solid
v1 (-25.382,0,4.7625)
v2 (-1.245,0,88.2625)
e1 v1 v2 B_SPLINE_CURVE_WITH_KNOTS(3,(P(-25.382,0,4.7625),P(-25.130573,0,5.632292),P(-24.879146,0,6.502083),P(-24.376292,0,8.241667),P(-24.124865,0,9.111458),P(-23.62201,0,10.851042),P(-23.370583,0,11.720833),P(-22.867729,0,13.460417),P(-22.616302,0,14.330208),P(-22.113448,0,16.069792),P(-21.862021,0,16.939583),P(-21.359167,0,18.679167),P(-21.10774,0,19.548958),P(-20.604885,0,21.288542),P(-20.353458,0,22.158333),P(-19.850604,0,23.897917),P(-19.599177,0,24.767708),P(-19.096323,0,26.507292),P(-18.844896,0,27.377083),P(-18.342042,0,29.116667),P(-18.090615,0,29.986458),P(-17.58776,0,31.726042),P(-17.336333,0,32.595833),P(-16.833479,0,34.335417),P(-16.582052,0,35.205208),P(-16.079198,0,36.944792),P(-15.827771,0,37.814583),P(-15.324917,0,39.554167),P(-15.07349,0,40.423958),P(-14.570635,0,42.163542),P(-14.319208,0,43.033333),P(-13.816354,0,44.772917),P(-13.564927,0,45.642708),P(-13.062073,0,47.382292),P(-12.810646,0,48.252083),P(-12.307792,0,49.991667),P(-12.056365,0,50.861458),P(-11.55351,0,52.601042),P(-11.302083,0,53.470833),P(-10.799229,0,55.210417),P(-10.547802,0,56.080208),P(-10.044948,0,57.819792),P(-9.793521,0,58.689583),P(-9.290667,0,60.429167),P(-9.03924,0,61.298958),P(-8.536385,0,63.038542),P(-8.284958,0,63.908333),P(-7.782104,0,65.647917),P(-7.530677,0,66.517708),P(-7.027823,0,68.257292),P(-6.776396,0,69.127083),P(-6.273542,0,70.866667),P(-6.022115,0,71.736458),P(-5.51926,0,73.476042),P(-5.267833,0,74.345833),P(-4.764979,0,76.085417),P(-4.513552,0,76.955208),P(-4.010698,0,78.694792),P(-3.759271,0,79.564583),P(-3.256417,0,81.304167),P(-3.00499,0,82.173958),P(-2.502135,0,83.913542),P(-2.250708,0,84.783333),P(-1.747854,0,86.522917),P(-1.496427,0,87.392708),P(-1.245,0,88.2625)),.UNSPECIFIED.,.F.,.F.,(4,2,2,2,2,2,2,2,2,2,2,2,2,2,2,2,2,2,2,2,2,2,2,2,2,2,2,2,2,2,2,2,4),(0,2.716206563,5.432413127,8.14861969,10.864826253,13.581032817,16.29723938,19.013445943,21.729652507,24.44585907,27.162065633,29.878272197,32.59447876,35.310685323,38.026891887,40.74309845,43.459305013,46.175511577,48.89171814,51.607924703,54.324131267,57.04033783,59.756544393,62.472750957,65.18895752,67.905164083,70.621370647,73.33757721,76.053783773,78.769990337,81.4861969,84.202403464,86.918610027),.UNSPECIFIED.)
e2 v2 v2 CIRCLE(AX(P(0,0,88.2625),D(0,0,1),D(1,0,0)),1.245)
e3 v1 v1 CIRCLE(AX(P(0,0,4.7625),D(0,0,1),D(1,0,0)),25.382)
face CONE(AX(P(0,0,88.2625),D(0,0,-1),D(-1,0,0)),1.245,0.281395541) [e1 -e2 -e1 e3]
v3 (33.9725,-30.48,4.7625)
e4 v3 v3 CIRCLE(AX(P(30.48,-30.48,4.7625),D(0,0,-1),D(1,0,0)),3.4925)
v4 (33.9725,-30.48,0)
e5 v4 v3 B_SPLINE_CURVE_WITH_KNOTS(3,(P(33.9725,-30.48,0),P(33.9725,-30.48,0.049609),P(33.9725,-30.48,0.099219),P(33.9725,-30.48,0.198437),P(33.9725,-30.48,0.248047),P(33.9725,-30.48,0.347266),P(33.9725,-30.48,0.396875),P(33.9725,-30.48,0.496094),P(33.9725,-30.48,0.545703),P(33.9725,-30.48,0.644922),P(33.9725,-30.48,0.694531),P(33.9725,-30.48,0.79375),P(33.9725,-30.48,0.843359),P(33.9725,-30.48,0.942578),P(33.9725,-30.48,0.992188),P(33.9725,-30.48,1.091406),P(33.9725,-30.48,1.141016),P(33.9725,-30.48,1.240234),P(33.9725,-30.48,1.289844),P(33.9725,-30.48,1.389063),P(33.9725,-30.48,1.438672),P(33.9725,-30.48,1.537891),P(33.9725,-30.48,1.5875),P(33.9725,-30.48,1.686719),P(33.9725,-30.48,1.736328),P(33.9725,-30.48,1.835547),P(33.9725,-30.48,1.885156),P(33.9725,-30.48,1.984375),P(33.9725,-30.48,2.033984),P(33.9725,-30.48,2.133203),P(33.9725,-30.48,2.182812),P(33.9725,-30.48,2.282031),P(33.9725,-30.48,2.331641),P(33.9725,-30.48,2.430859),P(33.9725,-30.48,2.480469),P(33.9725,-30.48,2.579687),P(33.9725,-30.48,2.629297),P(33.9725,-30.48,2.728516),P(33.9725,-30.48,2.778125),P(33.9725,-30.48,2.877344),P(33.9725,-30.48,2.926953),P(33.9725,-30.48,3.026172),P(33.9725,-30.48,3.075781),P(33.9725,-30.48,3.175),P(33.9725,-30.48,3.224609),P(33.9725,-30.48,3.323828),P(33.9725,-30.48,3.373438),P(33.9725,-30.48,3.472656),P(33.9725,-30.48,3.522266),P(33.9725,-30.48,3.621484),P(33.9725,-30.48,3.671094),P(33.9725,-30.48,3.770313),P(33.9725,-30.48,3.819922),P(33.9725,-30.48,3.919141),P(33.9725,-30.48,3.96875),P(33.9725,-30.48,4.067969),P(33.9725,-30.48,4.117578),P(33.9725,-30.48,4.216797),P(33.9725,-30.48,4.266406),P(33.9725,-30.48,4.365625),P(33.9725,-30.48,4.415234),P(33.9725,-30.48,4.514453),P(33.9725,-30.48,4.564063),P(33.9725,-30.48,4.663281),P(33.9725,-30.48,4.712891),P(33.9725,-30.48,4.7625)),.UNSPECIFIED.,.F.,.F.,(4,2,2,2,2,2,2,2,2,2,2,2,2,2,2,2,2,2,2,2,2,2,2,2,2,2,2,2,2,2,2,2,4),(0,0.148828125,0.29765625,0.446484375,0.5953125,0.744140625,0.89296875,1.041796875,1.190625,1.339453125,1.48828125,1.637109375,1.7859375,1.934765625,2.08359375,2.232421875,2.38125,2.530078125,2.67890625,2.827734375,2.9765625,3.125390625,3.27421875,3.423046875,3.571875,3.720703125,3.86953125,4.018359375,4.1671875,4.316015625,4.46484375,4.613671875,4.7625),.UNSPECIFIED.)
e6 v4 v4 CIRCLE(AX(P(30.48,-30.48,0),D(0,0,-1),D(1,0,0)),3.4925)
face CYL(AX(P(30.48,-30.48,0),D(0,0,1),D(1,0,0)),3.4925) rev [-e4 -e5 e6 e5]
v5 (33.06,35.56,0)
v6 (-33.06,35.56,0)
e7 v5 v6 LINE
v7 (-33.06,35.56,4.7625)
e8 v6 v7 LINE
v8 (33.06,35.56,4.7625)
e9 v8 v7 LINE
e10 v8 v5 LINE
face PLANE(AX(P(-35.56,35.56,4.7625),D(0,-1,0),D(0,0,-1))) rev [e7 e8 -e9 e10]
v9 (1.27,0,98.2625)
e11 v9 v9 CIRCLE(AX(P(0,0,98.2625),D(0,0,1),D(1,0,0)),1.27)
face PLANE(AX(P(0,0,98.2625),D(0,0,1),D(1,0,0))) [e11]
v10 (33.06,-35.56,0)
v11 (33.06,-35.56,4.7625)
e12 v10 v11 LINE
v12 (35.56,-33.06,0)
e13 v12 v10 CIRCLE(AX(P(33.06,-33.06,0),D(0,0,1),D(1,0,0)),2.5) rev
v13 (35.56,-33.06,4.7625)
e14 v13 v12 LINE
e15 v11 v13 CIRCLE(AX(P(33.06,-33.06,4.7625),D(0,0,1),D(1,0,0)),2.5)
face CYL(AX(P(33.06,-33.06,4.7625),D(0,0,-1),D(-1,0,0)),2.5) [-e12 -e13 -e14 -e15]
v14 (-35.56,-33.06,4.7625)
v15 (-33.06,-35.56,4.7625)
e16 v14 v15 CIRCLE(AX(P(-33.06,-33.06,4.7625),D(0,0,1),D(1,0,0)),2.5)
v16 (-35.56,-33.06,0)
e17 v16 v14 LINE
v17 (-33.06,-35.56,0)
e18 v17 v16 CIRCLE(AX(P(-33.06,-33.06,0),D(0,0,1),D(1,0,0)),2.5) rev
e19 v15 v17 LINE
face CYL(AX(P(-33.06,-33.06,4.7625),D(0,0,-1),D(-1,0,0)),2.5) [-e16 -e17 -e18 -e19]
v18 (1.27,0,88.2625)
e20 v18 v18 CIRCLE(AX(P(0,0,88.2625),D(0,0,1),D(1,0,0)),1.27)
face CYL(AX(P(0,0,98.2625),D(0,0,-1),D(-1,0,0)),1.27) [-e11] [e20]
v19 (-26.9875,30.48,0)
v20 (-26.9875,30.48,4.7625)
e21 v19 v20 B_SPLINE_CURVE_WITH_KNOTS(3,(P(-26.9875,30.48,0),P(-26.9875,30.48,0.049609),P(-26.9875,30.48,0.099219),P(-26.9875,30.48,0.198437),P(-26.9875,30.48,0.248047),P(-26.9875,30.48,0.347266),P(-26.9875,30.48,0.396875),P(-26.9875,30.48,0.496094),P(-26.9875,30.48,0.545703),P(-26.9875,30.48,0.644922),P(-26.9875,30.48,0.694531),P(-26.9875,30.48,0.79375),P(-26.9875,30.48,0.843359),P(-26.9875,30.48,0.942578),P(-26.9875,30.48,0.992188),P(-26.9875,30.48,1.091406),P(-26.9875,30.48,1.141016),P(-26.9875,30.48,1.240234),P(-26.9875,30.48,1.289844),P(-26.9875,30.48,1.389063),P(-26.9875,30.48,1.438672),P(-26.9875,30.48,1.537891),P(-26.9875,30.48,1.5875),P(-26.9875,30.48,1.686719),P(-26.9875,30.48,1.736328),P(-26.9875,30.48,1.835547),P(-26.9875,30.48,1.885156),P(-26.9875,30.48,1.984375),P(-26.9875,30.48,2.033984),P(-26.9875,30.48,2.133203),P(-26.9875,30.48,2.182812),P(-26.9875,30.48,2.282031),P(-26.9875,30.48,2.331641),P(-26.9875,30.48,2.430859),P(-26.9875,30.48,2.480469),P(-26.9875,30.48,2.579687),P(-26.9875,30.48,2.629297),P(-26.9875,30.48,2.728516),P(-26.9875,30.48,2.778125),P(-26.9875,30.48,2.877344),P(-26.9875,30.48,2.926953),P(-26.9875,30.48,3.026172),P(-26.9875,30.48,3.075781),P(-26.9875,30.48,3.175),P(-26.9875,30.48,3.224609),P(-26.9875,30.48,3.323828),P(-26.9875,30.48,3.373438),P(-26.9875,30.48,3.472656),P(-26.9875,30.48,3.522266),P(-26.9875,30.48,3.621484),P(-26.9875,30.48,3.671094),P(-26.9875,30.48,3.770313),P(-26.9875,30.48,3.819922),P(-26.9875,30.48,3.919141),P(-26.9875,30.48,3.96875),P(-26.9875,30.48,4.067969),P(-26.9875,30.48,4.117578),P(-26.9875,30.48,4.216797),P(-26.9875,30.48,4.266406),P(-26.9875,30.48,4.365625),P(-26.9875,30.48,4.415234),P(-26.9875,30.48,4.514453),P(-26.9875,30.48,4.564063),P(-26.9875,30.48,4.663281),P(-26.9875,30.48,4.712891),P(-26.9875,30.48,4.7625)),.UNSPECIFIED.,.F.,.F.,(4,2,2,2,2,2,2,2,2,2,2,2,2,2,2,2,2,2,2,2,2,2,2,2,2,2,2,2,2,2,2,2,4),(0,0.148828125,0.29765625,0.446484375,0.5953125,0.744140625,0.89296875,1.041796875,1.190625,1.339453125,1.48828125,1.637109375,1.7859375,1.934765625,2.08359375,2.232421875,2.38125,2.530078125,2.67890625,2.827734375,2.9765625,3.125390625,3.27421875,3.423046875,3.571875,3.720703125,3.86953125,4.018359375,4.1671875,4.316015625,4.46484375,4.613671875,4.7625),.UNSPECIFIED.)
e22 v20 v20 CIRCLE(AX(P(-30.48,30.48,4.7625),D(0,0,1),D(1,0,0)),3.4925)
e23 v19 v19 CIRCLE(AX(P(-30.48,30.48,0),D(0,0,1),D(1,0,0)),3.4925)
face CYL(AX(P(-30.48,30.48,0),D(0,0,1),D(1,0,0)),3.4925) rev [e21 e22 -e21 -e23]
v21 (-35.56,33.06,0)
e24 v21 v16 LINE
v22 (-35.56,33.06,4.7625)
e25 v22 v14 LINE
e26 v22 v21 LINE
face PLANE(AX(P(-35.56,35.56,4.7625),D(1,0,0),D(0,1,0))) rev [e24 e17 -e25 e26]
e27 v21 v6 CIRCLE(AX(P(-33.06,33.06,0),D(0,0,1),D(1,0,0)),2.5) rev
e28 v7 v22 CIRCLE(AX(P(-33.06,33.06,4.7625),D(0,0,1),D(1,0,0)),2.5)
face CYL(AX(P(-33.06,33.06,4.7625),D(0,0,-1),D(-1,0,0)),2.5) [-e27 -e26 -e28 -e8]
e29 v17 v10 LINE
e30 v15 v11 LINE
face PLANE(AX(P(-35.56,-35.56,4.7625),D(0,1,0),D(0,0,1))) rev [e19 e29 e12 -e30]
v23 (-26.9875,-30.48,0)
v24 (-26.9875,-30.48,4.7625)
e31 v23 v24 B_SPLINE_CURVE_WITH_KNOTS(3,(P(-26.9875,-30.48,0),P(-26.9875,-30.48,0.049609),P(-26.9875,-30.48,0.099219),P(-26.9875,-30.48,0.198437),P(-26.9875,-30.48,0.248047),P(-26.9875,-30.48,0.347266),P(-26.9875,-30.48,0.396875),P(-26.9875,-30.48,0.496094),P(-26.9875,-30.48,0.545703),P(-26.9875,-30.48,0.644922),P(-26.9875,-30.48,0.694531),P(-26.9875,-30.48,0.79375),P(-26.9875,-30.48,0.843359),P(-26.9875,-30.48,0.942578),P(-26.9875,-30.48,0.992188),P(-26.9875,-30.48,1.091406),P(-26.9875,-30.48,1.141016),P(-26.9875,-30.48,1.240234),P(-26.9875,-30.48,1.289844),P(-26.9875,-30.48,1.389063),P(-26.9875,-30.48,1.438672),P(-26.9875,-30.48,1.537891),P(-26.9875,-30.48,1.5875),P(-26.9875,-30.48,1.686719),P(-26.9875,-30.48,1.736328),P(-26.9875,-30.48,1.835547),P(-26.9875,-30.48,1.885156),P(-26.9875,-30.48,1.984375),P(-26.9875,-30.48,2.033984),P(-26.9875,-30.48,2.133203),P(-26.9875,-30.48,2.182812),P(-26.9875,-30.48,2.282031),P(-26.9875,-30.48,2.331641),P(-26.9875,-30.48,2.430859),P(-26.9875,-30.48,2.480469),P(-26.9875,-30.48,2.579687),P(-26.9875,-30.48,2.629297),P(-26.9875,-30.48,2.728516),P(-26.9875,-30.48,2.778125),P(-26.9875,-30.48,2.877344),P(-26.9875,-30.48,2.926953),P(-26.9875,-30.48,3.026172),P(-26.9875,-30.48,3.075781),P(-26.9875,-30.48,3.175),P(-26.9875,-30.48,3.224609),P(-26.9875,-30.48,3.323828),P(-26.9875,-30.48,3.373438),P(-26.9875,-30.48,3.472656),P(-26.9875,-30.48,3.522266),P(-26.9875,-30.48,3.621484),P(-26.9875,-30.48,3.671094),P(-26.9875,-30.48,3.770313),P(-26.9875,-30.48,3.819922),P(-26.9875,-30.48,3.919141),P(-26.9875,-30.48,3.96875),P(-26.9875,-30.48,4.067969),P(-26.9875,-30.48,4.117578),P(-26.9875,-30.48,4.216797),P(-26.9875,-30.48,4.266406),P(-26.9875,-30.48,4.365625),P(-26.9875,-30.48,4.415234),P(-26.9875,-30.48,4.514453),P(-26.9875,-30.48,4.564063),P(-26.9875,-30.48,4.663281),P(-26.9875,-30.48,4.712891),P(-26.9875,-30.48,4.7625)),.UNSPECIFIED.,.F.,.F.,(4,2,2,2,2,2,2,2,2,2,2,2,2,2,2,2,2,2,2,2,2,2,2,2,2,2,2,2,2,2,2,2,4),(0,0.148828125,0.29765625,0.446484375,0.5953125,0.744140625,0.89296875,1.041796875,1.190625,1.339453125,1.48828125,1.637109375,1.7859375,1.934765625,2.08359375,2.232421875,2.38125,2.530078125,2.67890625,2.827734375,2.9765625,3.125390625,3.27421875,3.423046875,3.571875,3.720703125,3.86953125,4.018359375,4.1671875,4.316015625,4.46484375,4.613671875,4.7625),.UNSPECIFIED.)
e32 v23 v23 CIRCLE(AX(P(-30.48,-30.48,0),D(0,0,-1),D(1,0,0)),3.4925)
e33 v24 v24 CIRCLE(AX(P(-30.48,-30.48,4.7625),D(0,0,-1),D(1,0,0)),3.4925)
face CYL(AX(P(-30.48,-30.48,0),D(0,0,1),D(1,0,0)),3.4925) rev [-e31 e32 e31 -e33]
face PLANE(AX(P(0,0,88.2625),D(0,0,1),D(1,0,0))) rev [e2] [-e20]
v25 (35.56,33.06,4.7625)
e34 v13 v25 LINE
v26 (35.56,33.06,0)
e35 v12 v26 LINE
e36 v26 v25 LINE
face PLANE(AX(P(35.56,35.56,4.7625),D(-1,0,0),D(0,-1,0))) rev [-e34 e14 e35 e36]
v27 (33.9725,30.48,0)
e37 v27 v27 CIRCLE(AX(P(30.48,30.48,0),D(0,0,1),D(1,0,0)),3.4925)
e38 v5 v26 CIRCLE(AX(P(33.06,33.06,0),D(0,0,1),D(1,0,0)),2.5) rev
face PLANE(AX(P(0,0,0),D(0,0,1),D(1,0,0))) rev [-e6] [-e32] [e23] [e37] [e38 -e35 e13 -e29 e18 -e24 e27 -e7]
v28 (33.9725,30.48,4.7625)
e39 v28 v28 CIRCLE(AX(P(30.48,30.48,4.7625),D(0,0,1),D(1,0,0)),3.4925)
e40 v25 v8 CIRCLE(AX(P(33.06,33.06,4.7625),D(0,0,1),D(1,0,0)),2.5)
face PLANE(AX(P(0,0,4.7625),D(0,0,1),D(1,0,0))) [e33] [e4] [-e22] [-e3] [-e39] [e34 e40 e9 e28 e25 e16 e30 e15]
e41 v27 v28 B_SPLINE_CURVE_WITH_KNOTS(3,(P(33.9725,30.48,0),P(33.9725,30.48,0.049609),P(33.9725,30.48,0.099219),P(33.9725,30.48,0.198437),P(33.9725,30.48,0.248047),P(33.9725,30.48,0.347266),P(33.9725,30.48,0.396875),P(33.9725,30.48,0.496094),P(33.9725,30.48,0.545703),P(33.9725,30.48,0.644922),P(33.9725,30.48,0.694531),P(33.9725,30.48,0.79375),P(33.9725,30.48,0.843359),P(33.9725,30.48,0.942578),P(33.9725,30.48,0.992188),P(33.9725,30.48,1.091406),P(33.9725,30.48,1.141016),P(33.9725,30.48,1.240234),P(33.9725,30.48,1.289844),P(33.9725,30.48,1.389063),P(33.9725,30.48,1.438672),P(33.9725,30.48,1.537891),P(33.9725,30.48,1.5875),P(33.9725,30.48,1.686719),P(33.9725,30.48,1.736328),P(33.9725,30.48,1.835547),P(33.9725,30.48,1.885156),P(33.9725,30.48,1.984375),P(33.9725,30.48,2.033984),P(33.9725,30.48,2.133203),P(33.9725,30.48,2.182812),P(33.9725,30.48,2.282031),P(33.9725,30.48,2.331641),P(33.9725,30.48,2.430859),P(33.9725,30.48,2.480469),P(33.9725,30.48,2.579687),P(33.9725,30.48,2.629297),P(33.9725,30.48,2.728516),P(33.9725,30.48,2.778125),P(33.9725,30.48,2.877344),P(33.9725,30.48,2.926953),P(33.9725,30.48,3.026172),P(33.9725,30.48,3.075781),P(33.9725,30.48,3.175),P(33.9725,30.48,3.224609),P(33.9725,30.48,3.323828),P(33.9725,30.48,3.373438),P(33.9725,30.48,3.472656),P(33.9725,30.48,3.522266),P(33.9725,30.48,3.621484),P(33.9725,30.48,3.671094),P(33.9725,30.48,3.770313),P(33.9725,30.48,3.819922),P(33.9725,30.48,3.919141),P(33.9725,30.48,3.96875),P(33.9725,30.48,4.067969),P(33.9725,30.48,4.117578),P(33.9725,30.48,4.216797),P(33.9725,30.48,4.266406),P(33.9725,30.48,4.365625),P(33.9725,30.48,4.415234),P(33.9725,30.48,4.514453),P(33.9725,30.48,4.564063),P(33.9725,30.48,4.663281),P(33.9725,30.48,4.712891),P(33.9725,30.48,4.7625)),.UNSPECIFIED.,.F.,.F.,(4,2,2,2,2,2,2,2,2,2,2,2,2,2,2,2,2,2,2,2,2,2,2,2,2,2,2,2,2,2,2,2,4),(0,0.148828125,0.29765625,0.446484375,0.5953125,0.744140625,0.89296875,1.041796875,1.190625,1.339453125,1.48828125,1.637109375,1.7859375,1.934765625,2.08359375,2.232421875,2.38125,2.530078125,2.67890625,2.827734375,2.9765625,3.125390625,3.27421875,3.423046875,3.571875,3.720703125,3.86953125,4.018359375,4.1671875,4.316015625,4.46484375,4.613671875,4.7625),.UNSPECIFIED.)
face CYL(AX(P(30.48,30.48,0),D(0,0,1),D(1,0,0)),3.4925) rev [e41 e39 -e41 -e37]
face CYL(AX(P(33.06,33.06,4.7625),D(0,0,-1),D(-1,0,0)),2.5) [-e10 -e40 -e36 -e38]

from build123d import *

# Parameters (mm, degrees)
SKETCH1_W           = 71.12
SKETCH1_H           = 71.12
BOSS_EXTRUDE1_DEPTH = 4.7625
SKETCH2_R           = 3.4925
CUT_EXTRUDE1_DEPTH  = 51.514439582
SKETCH3_R           = 25.382
BOSS_EXTRUDE2_DEPTH = 83.5
SKETCH5_R           = 1.27
BOSS_EXTRUDE3_DEPTH = 10
FILLET1_R           = 2.5


with BuildPart() as part:
    # Sketch1 → Boss-Extrude1 (new body)
    with BuildSketch(Plane.XY):
        Rectangle(SKETCH1_W, SKETCH1_H)
    extrude(amount=BOSS_EXTRUDE1_DEPTH)

    # Sketch2 → Cut-Extrude1 (cut, through all)
    with BuildSketch(Plane.XY.offset(4.7625)):
        with Locations((-30.48, 30.48)):
            Circle(SKETCH2_R)
        with Locations((30.48, 30.48)):
            Circle(SKETCH2_R)
    cut_extrude1 = extrude(amount=-CUT_EXTRUDE1_DEPTH, mode=Mode.SUBTRACT)

    # Mirror1: Cut-Extrude1 across plane
    add(cut_extrude1.mirror(Plane.ZX), mode=Mode.SUBTRACT)

    # Sketch3 → Boss-Extrude2 (add)
    with BuildSketch(Plane.XY.offset(4.7625)):
        with Locations(Location((0, 0, 0), (0, 0, 180))):
            Circle(SKETCH3_R)
    extrude(amount=BOSS_EXTRUDE2_DEPTH)

    # Sketch4 → Cut-Revolve1 (revolve, cut)
    with BuildSketch(Plane(origin=(0, 0, 0), x_dir=(0, 0, -1), z_dir=(1, 0, 0)), mode=Mode.PRIVATE) as cut_revolve1_sk:
        Polygon((-4.7625, 25.382), (-88.2625, 1.245), (-88.2625, 25.382), align=None)
    revolve(cut_revolve1_sk.sketch.rotate(Axis((0, 0, 88.2625), (0, 0, -1)), 270), axis=Axis((0, 0, 88.2625), (0, 0, -1)), mode=Mode.SUBTRACT)

    # Sketch5 → Boss-Extrude3 (add)
    with BuildSketch(Plane.XY.offset(88.2625)):
        Circle(SKETCH5_R)
    extrude(amount=BOSS_EXTRUDE3_DEPTH)

    # Fillet1
    fillet1_edges = [part.edges().sort_by_distance(p)[0] for p in [
        (-35.56, 35.56, 2.38125),
        (35.56, 35.56, 2.38125),
        (35.56, -35.56, 2.38125),
        (-35.56, -35.56, 2.38125),
    ]]
    fillet(fillet1_edges, radius=FILLET1_R)


solid = part.part
